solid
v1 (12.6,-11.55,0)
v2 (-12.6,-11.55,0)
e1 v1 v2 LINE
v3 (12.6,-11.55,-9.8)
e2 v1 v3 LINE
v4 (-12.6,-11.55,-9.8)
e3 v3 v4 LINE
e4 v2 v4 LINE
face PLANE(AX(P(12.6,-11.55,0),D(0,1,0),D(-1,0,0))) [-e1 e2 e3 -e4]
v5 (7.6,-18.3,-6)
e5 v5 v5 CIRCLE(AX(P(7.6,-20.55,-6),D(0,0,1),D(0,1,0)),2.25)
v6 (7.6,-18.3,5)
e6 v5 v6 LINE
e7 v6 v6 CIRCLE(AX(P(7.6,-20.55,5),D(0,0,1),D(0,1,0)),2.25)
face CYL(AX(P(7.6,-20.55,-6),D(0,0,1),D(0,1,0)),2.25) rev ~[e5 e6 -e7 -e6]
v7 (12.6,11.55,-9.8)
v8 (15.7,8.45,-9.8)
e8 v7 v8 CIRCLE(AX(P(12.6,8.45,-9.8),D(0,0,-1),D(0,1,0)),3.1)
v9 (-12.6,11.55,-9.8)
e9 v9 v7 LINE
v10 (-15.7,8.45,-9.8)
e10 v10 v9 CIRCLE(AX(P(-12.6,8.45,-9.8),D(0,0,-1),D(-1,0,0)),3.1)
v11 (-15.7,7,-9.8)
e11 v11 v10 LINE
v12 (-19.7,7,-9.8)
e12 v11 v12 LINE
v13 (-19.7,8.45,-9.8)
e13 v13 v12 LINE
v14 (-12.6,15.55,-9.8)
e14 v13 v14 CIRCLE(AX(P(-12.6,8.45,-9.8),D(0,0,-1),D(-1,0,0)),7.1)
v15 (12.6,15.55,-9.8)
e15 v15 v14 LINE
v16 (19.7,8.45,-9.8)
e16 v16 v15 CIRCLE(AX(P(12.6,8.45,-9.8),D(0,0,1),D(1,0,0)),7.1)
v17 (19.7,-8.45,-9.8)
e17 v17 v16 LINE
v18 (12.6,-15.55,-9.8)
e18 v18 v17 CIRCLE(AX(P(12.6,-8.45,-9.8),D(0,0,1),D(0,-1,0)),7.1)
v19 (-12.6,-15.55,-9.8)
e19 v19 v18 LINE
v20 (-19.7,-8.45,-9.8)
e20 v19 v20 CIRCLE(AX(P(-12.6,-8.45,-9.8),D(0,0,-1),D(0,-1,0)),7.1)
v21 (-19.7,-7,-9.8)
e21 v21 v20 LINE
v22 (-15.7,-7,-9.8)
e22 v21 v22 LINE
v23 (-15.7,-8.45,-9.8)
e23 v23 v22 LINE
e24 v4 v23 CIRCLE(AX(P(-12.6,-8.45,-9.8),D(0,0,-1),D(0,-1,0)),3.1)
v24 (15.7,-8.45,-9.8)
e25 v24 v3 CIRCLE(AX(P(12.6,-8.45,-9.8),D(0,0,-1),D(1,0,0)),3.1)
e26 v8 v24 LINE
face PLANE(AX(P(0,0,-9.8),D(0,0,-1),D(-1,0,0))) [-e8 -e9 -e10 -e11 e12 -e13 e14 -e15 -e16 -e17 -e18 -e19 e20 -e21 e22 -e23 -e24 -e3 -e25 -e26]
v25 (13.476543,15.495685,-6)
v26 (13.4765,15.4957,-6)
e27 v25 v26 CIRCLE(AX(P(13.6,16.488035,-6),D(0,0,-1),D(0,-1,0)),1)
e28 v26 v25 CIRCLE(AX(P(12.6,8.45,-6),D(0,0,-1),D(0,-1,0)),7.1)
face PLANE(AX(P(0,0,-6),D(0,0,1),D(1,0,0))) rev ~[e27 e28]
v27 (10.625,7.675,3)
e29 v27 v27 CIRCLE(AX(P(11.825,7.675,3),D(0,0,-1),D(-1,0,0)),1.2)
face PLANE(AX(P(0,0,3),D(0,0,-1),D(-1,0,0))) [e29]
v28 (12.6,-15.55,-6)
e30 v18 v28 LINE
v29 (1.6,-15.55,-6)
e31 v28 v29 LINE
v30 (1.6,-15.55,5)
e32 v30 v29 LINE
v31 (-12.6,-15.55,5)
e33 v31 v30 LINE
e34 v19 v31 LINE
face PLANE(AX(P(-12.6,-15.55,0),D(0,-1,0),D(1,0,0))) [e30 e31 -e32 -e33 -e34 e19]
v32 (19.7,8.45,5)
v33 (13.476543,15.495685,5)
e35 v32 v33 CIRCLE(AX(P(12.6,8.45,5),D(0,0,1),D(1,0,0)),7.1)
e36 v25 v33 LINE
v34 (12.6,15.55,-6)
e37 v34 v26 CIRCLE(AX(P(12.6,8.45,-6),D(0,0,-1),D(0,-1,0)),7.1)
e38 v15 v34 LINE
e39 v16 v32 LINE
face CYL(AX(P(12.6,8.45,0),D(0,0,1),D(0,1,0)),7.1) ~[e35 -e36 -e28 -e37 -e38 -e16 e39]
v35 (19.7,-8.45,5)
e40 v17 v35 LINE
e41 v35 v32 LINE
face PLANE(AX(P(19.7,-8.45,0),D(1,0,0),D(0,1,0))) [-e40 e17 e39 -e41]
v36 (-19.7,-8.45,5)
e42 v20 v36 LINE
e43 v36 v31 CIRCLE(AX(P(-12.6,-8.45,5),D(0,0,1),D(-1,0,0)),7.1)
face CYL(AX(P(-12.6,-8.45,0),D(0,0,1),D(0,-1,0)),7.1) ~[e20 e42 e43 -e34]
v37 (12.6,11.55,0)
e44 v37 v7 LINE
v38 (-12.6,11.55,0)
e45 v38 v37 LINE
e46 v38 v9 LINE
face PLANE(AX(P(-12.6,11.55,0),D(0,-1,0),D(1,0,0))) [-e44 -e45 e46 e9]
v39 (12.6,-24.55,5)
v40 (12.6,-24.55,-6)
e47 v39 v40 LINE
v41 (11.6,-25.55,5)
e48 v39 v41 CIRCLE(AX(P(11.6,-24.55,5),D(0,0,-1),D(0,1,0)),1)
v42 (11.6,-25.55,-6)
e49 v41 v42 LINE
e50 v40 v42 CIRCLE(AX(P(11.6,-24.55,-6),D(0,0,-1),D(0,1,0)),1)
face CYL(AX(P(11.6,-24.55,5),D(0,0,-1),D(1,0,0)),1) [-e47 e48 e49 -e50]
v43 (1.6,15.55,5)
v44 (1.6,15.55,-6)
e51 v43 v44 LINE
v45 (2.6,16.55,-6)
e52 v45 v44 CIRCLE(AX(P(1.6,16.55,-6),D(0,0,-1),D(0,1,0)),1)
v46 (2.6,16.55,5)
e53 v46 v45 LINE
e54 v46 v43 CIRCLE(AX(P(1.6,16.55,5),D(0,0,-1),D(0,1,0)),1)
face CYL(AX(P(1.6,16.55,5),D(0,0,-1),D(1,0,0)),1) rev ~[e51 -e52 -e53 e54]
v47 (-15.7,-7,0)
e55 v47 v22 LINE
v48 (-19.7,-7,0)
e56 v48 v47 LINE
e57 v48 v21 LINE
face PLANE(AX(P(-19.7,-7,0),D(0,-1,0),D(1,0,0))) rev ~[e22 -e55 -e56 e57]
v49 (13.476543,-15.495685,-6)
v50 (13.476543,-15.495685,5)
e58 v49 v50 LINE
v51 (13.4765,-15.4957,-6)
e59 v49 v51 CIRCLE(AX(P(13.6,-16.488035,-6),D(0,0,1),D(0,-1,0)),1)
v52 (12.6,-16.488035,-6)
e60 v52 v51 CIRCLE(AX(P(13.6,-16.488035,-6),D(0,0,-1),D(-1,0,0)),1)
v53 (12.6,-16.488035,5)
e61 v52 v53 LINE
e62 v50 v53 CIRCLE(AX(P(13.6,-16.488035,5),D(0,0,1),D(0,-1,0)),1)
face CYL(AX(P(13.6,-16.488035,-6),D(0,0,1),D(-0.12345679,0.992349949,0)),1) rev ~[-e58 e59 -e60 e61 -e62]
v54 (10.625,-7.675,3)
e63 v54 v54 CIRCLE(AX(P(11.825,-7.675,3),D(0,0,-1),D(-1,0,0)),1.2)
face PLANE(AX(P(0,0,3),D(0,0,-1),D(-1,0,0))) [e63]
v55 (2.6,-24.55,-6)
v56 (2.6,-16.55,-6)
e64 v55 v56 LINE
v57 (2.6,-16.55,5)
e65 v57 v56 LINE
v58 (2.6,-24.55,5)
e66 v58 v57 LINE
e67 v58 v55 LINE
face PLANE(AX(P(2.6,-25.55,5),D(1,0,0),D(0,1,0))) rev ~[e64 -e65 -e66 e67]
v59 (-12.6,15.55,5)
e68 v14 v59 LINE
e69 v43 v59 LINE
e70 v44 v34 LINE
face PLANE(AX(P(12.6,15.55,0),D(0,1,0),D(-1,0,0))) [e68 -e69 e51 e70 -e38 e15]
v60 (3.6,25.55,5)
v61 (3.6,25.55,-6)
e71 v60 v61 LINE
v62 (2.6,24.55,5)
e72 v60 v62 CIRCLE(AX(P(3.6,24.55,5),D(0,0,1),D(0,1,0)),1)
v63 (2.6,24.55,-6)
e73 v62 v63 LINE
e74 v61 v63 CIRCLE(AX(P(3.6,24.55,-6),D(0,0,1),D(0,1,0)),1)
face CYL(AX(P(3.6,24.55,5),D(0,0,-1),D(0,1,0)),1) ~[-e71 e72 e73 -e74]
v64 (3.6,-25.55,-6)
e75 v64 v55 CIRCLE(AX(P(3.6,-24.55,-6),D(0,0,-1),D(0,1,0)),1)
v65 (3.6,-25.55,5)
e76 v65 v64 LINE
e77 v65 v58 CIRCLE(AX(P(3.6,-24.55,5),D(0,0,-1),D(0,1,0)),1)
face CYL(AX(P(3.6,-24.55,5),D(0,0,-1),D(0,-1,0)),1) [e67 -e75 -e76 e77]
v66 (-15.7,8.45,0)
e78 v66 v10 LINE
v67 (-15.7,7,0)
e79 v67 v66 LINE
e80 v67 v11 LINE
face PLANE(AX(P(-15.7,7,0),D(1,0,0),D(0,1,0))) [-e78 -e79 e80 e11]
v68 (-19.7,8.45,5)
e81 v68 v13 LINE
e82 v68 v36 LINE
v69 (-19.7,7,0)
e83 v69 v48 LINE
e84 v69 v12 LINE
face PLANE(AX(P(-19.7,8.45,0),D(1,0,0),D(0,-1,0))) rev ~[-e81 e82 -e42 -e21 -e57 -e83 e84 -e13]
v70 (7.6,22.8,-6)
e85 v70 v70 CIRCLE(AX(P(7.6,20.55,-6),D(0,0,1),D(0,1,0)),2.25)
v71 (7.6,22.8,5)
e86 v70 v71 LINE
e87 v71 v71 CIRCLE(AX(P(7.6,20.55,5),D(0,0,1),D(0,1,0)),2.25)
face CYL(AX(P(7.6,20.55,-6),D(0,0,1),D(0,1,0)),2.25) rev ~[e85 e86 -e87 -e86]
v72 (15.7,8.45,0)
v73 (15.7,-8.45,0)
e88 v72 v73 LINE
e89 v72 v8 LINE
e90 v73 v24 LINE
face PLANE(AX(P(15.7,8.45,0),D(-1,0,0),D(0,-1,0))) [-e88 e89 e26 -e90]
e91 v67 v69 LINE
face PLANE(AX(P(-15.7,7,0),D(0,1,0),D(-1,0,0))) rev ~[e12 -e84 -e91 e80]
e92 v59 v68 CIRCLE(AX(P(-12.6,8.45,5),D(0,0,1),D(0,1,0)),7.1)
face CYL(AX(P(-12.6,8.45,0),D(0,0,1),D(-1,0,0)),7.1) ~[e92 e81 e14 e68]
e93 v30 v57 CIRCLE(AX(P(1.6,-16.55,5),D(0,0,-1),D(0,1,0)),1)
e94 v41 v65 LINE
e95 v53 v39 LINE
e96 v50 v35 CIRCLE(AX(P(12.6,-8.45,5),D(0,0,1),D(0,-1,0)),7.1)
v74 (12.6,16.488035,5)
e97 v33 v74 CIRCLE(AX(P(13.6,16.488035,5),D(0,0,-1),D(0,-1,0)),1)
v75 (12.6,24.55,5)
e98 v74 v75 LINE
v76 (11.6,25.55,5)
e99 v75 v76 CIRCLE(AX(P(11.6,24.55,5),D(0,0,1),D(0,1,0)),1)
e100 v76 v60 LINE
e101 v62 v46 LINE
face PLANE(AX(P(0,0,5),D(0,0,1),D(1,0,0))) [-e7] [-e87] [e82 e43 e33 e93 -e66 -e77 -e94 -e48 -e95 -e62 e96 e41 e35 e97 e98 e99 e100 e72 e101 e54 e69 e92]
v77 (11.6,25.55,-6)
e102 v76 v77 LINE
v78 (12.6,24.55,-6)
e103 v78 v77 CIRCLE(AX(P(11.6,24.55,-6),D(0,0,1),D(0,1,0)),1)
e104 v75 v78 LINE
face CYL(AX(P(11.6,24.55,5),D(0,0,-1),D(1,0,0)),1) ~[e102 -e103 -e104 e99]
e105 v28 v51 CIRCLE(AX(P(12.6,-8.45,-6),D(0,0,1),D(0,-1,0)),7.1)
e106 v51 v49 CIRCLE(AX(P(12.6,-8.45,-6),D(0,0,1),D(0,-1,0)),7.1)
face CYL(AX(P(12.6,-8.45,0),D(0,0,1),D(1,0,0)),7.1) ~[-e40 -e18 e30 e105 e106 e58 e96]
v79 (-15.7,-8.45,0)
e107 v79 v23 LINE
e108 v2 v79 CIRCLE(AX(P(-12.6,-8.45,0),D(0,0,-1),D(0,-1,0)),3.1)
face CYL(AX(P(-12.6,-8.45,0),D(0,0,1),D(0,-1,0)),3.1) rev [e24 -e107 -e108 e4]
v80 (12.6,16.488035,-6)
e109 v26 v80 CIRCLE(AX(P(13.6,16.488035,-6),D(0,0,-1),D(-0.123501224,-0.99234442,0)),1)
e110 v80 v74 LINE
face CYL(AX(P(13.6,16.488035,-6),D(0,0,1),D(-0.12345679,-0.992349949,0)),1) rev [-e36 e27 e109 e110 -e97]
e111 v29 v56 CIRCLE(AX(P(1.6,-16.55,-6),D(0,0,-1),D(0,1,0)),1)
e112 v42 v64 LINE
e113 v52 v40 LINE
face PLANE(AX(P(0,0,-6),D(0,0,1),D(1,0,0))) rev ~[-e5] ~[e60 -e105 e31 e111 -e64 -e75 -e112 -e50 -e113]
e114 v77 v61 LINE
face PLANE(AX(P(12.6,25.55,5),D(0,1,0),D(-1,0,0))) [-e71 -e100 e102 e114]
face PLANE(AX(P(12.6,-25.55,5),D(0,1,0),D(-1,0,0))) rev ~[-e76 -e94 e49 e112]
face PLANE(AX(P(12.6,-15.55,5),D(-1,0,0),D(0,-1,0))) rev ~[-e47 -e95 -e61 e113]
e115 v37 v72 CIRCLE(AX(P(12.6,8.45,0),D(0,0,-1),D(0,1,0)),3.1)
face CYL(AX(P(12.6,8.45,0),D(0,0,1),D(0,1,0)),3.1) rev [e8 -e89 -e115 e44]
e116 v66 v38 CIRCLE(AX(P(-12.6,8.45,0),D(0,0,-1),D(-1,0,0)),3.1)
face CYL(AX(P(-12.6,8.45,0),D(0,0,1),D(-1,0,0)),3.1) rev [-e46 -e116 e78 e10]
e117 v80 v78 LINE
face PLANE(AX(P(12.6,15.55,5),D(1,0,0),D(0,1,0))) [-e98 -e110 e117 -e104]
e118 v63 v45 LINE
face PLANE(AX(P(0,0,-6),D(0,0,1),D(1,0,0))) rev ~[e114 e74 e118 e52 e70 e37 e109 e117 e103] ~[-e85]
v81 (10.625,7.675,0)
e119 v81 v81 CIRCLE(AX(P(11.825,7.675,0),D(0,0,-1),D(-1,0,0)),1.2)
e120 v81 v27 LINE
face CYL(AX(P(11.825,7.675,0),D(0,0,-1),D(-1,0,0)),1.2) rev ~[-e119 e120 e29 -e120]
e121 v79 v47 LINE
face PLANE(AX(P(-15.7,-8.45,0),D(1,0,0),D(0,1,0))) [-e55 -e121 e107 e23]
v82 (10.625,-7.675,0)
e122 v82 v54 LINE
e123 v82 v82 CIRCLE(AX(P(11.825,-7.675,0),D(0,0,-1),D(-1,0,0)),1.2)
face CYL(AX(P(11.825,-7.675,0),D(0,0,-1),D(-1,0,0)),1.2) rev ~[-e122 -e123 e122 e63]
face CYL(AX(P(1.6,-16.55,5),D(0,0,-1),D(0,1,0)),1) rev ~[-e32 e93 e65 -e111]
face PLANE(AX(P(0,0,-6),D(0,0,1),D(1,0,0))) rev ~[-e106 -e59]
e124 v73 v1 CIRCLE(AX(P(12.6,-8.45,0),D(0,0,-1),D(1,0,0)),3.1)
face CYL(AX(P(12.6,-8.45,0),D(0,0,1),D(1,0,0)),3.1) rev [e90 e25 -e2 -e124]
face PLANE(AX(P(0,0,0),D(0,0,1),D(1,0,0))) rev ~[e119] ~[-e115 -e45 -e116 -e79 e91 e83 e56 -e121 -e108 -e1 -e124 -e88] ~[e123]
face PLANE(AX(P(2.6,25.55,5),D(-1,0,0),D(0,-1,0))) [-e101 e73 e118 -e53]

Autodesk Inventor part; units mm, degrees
ref_plane "YZ Plane" through (0, 0, 0) normal (1, 0, 0) x (0, 1, 0)
ref_plane "XZ Plane" through (0, 0, 0) normal (0, 1, 0) x (-1, 0, 0)
ref_plane "XY Plane" through (0, 0, 0) normal (0, 0, 1) x (1, 0, 0)
sketch "Sketch1" plane through (0, 0, 0) normal (0, 0, 1) x (1, 0, 0)
  arc A0 (-12.6, 10.95) -> (-15.1, 8.45) centre (-12.6, 8.45) ccw projected
  line L0 (-15.1, 8.45) -> (-15.1, -8.45) projected
  arc A1 (-15.1, -8.45) -> (-12.6, -10.95) centre (-12.6, -8.45) ccw projected
  line L1 (-12.6, -10.95) -> (12.6, -10.95) projected
  arc A2 (12.6, -10.95) -> (15.1, -8.45) centre (12.6, -8.45) ccw projected
  line L2 (15.1, -8.45) -> (15.1, 8.45) projected
  arc A3 (15.1, 8.45) -> (12.6, 10.95) centre (12.6, 8.45) ccw projected
  line L3 (12.6, 10.95) -> (-12.6, 10.95) projected
  circle A4 centre (11.825, 7.675) radius 1.575 projected
  circle A5 centre (11.825, -7.675) radius 1.575 projected
  line L4 (15.7, 8.45) -> (15.7, -8.45)
  arc A6 (12.6, -11.55) -> (15.7, -8.45) centre (12.6, -8.45) ccw
  line L5 (12.6, -11.55) -> (-12.6, -11.55)
  arc A7 (-15.7, -8.45) -> (-12.6, -11.55) centre (-12.6, -8.45) ccw
  line L6 (-15.7, -8.45) -> (-15.7, 8.45)
  arc A8 (-12.6, 11.55) -> (-15.7, 8.45) centre (-12.6, 8.45) ccw
  line L7 (-12.6, 11.55) -> (12.6, 11.55)
  arc A9 (15.7, 8.45) -> (12.6, 11.55) centre (12.6, 8.45) ccw
  line L8 (19.7, -8.45) -> (19.7, 8.45)
  arc A10 (19.7, 8.45) -> (12.6, 15.55) centre (12.6, 8.45) ccw
  line L9 (12.6, 15.55) -> (-12.6, 15.55)
  arc A11 (-12.6, 15.55) -> (-19.7, 8.45) centre (-12.6, 8.45) ccw
  line L10 (-19.7, 8.45) -> (-19.7, -8.45)
  arc A12 (-19.7, -8.45) -> (-12.6, -15.55) centre (-12.6, -8.45) ccw
  line L11 (-12.6, -15.55) -> (12.6, -15.55)
  arc A13 (12.6, -15.55) -> (19.7, -8.45) centre (12.6, -8.45) ccw
  point P0 (0, 0)
  dimension "d0" = 0.6
  dimension "d1" = 4
extrude "Extrusion1" add sketch "Sketch1" along normal blind 5 contours L3 A3 L2 A2 L1 A1 L0 A0 | A4 | A5 | L4 A6 L5 A7 L6 A8 L7 A9 | A13 L11 A12 L10 A11 L9 A10 L8
sketch "Sketch2" plane through (0, 0, 0) normal (0, 0, -1) x (-1, 0, 0)
  line L0 (12.6, 11.55) -> (-12.6, 11.55) projected
  arc A0 (15.7, 8.45) -> (12.6, 11.55) centre (12.6, 8.45) ccw projected
  line L1 (15.7, -8.45) -> (15.7, 8.45) projected
  arc A1 (12.6, -11.55) -> (15.7, -8.45) centre (12.6, -8.45) ccw projected
  line L2 (12.6, -10.95) -> (-12.6, -10.95) projected
  arc A2 (-15.7, -8.45) -> (-12.6, -11.55) centre (-12.6, -8.45) ccw projected
  line L3 (-15.7, 8.45) -> (-15.7, -8.45) projected
  arc A3 (-12.6, 11.55) -> (-15.7, 8.45) centre (-12.6, 8.45) ccw projected
  arc A4 (-12.6, 15.55) -> (-19.7, 8.45) centre (-12.6, 8.45) ccw projected
  line L4 (-19.7, -8.45) -> (-19.7, 8.45) projected
  arc A5 (-19.7, -8.45) -> (-12.6, -15.55) centre (-12.6, -8.45) ccw projected
  line L5 (12.6, -15.55) -> (-12.6, -15.55) projected
  arc A6 (12.6, -15.55) -> (19.7, -8.45) centre (12.6, -8.45) ccw projected
  line L6 (19.7, 8.45) -> (19.7, -8.45) projected
  arc A7 (19.7, 8.45) -> (12.6, 15.55) centre (12.6, 8.45) ccw projected
  line L7 (-12.6, 15.55) -> (12.6, 15.55) projected
  line L8 (7.1, -5) -> (15.1, -5) projected
  line L9 (15.1, -5) -> (15.1, 5) projected
  line L10 (15.1, 5) -> (7.1, 5) projected
  line L11 (7.1, 5) -> (7.1, -5) projected
  line L12 (15.7, 7) -> (19.7, 7)
  line L13 (19.7, 7) -> (19.7, -7)
  line L14 (19.7, -7) -> (15.7, -7)
  line L15 (15.7, -7) -> (15.7, 7)
  line L16 (15.7, 7) -> (19.7, -7) construction
  line L17 (19.7, 7) -> (15.7, -7) construction
  line L18 (-12.6, -11.55) -> (12.6, -11.55) projected
  point P0 (0, 0)
  point P1 (17.7, 0)
  point P2 (19.7, 0)
  point P3 (17.7, 7)
  dimension "d4" = 2
extrude "Extrusion2" add sketch "Sketch2" along normal blind 9.8 contours L0 A3 L3 A2 L18 A1 L1 L14 L6 A6 L5 A5 L4 A4 L7 A7 L12 A0
sketch "Sketch3" plane through (0, 0, 0) normal (0, 0, -1) x (-1, 0, 0)
  circle A0 centre (-11.825, -7.675) radius 1.575 projected
  circle A1 centre (-11.825, 7.675) radius 1.575 projected
  circle A2 centre (-11.825, -7.675) radius 1.2
  circle A3 centre (-11.825, 7.675) radius 1.2
  point P0 (0, 0)
  dimension "d7" = 3.15
  dimension "d8" = 2.4
  dimension "d9" = 2.4
extrude "Extrusion3" cut sketch "Sketch3" against normal blind 3 contours A2 | A3
sketch "Sketch4" plane through (0, 0, 5) normal (0, 0, 1) x (1, 0, 0)
  arc A0 (19.7, 8.45) -> (12.6, 15.55) centre (12.6, 8.45) ccw projected
  line L0 (12.6, 15.55) -> (-12.6, 15.55) projected
  arc A1 (-12.6, 15.55) -> (-19.7, 8.45) centre (-12.6, 8.45) ccw projected
  line L1 (-19.7, 8.45) -> (-19.7, -8.45) projected
  arc A2 (-19.7, -8.45) -> (-12.6, -15.55) centre (-12.6, -8.45) ccw projected
  line L2 (-12.6, -15.55) -> (12.6, -15.55) projected
  arc A3 (12.6, -15.55) -> (19.7, -8.45) centre (12.6, -8.45) ccw projected
  line L3 (19.7, -8.45) -> (19.7, 8.45) projected
  line L4 (-2.6, -15.55) -> (-12.6, -15.55)
  line L5 (-12.6, -15.55) -> (-12.6, -25.55)
  line L6 (-12.6, -25.55) -> (-2.6, -25.55)
  line L7 (-2.6, -25.55) -> (-2.6, -15.55)
  line L8 (-2.6, -15.55) -> (-12.6, -25.55) construction
  line L9 (-12.6, -15.55) -> (-2.6, -25.55) construction
  line L10 (-12.6, -15.55) -> (12.6, -15.55) projected
  line L11 (19.7, 0) -> (-19.7, 0)
  line L12 (0, 15.55) -> (0, -15.55)
  line L13 (-2.6, 15.55) -> (-12.6, 15.55)
  line L14 (-12.6, 15.55) -> (-12.6, 25.55)
  line L15 (-12.6, 25.55) -> (-2.6, 25.55)
  line L16 (-2.6, 25.55) -> (-2.6, 15.55)
  line L17 (-2.6, 15.55) -> (-12.6, 25.55) construction
  line L18 (-12.6, 15.55) -> (-2.6, 25.55) construction
  arc A4 (19.7, 8.45) -> (12.6, 15.55) centre (12.6, 8.45) ccw
  line L19 (2.6, 15.55) -> (12.6, 15.55)
  line L20 (2.6, 25.55) -> (2.6, 15.55)
  line L21 (2.6, 15.55) -> (12.6, 25.55) construction
  line L22 (12.6, 25.55) -> (2.6, 25.55)
  line L23 (12.6, 15.55) -> (2.6, 25.55) construction
  line L24 (12.6, 15.55) -> (12.6, 25.55)
  line L25 (2.6, -15.55) -> (12.6, -15.55)
  line L26 (2.6, -25.55) -> (2.6, -15.55)
  line L27 (2.6, -15.55) -> (12.6, -25.55) construction
  line L28 (12.6, -15.55) -> (2.6, -25.55) construction
  line L29 (12.6, -15.55) -> (12.6, -25.55)
  line L30 (12.6, -25.55) -> (2.6, -25.55)
  point P0 (0, 0)
  point P1 (-7.6, -20.55)
  point P2 (-7.6, 20.55)
  point P3 (7.6, 20.55)
  point P4 (2.6, 15.55)
  point P5 (-2.6, 15.55)
  point P6 (7.6, -20.55)
  point P7 (2.6, -15.55)
  dimension "d12" = 10
  dimension "d13" = 10
extrude "Extrusion4" add sketch "Sketch4" against normal blind 11 contours L0 L20 L22 L24 | L29 L30 L26 L2
sketch "Sketch5" plane through (0, 0, -6) normal (0, 0, -1) x (-1, 0, 0)
  line L0 (-12.6, -15.55) -> (-2.6, -15.55) projected
  line L1 (5.6, -22.55) -> (12.6, -15.55)
  line L2 (4.1, -17.05) -> (11.1, -24.05)
  line L3 (12.6, -11.55) -> (-12.6, -11.55) projected
  arc A0 (-15.7, -8.45) -> (-12.6, -11.55) centre (-12.6, -8.45) ccw projected
  line L4 (-15.7, -8.45) -> (-15.7, 8.45) projected
  arc A1 (-12.6, 11.55) -> (-15.7, 8.45) centre (-12.6, 8.45) ccw projected
  line L5 (-12.6, 11.55) -> (12.6, 11.55) projected
  arc A2 (15.7, 8.45) -> (12.6, 11.55) centre (12.6, 8.45) ccw projected
  line L6 (15.7, 8.45) -> (15.7, 7) projected
  line L7 (15.7, 7) -> (19.7, 7) projected
  line L8 (19.7, 7) -> (19.7, 8.45) projected
  arc A3 (19.7, 8.45) -> (12.6, 15.55) centre (12.6, 8.45) ccw projected
  line L9 (12.6, 15.55) -> (-12.6, 15.55) projected
  arc A4 (-12.6, 15.55) -> (-19.7, 8.45) centre (-12.6, 8.45) ccw projected
  line L10 (-19.7, 8.45) -> (-19.7, -8.45) projected
  arc A5 (-19.7, -8.45) -> (-12.6, -15.55) centre (-12.6, -8.45) ccw projected
  line L11 (-12.6, -15.55) -> (12.6, -15.55) projected
  arc A6 (12.6, -15.55) -> (19.7, -8.45) centre (12.6, -8.45) ccw projected
  line L12 (19.7, -8.45) -> (19.7, -7) projected
  line L13 (19.7, -7) -> (15.7, -7) projected
  line L14 (15.7, -7) -> (15.7, -8.45) projected
  arc A7 (12.6, -11.55) -> (15.7, -8.45) centre (12.6, -8.45) ccw projected
  circle A8 centre (-11.825, 7.675) radius 1.2 projected
  circle A9 centre (-11.825, -7.675) radius 1.2 projected
  line L15 (19.7, 7) -> (15.7, 7) projected
  line L16 (15.7, 7) -> (15.7, 8.45) projected
  arc A10 (15.7, 8.45) -> (12.6, 11.55) centre (12.6, 8.45) ccw projected
  line L17 (12.6, 11.55) -> (-12.6, 11.55) projected
  arc A11 (-12.6, 11.55) -> (-15.7, 8.45) centre (-12.6, 8.45) ccw projected
  line L18 (-15.7, 8.45) -> (-15.7, -8.45) projected
  arc A12 (-15.7, -8.45) -> (-12.6, -11.55) centre (-12.6, -8.45) ccw projected
  line L19 (-12.6, -11.55) -> (12.6, -11.55) projected
  arc A13 (12.6, -11.55) -> (15.7, -8.45) centre (12.6, -8.45) ccw projected
  line L20 (15.7, -8.45) -> (15.7, -7) projected
  line L21 (15.7, -7) -> (19.7, -7) projected
  line L22 (19.7, 7) -> (19.7, -7) projected
  line L23 (19.7, 0) -> (-19.7, 0)
  line L24 (0, -15.55) -> (0, 15.55)
  line L25 (-12.6, -15.55) -> (-12.6, -25.55) projected
  line L26 (-12.6, -25.55) -> (-2.6, -25.55) projected
  line L27 (-2.6, -25.55) -> (-2.6, -15.55) projected
  point P0 (0, 0)
  point P1 (7.6, -20.55)
  point P2 (7.6, 20.55)
  point P3 (-7.6, 20.55)
  point P4 (-7.6, -20.55)
hole "Hole1" at (7.6, 20.55, -6) at (7.6, -20.55, -6) direction (0, 0, 1) diameter 4.5 end through all clearance for "Countersunk Flat Head Hex Socket Screw ISO 10642" size "M4" standard "ISO"
fillet "Fillet1" radius 1 2 edges at (12.6, -15.55, -0.5) (12.6, 15.55, -0.5)
fillet "Fillet2" radius 1 6 edges at (2.6, -15.55, -0.5) (2.6, 15.55, -0.5) (12.6, 25.55, -0.5) (2.6, 25.55, -0.5) (2.6, -25.55, -0.5) (12.6, -25.55, -0.5)
sketch "Sketch6" plane through (0, 0, -9.8) normal (0, 0, -1) x (-1, 0, 0)
  line L0 (12.6, -11.55) -> (-12.6, -11.55) projected
  arc A0 (-15.7, -8.45) -> (-12.6, -11.55) centre (-12.6, -8.45) ccw projected
  line L1 (-15.7, -8.45) -> (-15.7, 8.45) projected
  arc A1 (-12.6, 11.55) -> (-15.7, 8.45) centre (-12.6, 8.45) ccw projected
  line L2 (-12.6, 11.55) -> (12.6, 11.55) projected
  arc A2 (15.7, 8.45) -> (12.6, 11.55) centre (12.6, 8.45) ccw projected
  line L3 (15.7, 8.45) -> (15.7, 7) projected
  line L4 (15.7, 7) -> (19.7, 7) projected
  line L5 (19.7, 7) -> (19.7, 8.45) projected
  arc A3 (19.7, 8.45) -> (12.6, 15.55) centre (12.6, 8.45) ccw projected
  line L6 (12.6, 15.55) -> (-13.2535, 15.55) projected
  arc A4 (-13.4765, 15.4957) -> (-13.2535, 15.55) centre (-13.6, 16.488) ccw projected
  arc A5 (-13.4765, 15.4957) -> (-19.7, 8.45) centre (-12.6, 8.45) ccw projected
  line L7 (-19.7, 8.45) -> (-19.7, -8.45) projected
  arc A6 (-19.7, -8.45) -> (-13.4765, -15.4957) centre (-12.6, -8.45) ccw projected
  arc A7 (-13.2535, -15.55) -> (-13.4765, -15.4957) centre (-13.6, -16.488) ccw projected
  line L8 (-13.2535, -15.55) -> (12.6, -15.55) projected
  arc A8 (12.6, -15.55) -> (19.7, -8.45) centre (12.6, -8.45) ccw projected
  line L9 (19.7, -8.45) -> (19.7, -7) projected
  line L10 (19.7, -7) -> (15.7, -7) projected
  line L11 (15.7, -7) -> (15.7, -8.45) projected
  arc A9 (12.6, -11.55) -> (15.7, -8.45) centre (12.6, -8.45) ccw projected
  arc A10 (-12.6, 15.55) -> (-19.7, 8.45) centre (-12.6, 8.45) ccw projected
  arc A11 (-19.7, -8.45) -> (-12.6, -15.55) centre (-12.6, -8.45) ccw projected
  point P0 (0, 0)
extrude "Extrusion5" cut sketch "Sketch6" against normal up to surface (3.8 mm away) contours L8 A7 A11 | A4 L6 A10
equation "\"d9\" = d8"
properties part number "PrzyciskSTOP_1_3DPrint"
